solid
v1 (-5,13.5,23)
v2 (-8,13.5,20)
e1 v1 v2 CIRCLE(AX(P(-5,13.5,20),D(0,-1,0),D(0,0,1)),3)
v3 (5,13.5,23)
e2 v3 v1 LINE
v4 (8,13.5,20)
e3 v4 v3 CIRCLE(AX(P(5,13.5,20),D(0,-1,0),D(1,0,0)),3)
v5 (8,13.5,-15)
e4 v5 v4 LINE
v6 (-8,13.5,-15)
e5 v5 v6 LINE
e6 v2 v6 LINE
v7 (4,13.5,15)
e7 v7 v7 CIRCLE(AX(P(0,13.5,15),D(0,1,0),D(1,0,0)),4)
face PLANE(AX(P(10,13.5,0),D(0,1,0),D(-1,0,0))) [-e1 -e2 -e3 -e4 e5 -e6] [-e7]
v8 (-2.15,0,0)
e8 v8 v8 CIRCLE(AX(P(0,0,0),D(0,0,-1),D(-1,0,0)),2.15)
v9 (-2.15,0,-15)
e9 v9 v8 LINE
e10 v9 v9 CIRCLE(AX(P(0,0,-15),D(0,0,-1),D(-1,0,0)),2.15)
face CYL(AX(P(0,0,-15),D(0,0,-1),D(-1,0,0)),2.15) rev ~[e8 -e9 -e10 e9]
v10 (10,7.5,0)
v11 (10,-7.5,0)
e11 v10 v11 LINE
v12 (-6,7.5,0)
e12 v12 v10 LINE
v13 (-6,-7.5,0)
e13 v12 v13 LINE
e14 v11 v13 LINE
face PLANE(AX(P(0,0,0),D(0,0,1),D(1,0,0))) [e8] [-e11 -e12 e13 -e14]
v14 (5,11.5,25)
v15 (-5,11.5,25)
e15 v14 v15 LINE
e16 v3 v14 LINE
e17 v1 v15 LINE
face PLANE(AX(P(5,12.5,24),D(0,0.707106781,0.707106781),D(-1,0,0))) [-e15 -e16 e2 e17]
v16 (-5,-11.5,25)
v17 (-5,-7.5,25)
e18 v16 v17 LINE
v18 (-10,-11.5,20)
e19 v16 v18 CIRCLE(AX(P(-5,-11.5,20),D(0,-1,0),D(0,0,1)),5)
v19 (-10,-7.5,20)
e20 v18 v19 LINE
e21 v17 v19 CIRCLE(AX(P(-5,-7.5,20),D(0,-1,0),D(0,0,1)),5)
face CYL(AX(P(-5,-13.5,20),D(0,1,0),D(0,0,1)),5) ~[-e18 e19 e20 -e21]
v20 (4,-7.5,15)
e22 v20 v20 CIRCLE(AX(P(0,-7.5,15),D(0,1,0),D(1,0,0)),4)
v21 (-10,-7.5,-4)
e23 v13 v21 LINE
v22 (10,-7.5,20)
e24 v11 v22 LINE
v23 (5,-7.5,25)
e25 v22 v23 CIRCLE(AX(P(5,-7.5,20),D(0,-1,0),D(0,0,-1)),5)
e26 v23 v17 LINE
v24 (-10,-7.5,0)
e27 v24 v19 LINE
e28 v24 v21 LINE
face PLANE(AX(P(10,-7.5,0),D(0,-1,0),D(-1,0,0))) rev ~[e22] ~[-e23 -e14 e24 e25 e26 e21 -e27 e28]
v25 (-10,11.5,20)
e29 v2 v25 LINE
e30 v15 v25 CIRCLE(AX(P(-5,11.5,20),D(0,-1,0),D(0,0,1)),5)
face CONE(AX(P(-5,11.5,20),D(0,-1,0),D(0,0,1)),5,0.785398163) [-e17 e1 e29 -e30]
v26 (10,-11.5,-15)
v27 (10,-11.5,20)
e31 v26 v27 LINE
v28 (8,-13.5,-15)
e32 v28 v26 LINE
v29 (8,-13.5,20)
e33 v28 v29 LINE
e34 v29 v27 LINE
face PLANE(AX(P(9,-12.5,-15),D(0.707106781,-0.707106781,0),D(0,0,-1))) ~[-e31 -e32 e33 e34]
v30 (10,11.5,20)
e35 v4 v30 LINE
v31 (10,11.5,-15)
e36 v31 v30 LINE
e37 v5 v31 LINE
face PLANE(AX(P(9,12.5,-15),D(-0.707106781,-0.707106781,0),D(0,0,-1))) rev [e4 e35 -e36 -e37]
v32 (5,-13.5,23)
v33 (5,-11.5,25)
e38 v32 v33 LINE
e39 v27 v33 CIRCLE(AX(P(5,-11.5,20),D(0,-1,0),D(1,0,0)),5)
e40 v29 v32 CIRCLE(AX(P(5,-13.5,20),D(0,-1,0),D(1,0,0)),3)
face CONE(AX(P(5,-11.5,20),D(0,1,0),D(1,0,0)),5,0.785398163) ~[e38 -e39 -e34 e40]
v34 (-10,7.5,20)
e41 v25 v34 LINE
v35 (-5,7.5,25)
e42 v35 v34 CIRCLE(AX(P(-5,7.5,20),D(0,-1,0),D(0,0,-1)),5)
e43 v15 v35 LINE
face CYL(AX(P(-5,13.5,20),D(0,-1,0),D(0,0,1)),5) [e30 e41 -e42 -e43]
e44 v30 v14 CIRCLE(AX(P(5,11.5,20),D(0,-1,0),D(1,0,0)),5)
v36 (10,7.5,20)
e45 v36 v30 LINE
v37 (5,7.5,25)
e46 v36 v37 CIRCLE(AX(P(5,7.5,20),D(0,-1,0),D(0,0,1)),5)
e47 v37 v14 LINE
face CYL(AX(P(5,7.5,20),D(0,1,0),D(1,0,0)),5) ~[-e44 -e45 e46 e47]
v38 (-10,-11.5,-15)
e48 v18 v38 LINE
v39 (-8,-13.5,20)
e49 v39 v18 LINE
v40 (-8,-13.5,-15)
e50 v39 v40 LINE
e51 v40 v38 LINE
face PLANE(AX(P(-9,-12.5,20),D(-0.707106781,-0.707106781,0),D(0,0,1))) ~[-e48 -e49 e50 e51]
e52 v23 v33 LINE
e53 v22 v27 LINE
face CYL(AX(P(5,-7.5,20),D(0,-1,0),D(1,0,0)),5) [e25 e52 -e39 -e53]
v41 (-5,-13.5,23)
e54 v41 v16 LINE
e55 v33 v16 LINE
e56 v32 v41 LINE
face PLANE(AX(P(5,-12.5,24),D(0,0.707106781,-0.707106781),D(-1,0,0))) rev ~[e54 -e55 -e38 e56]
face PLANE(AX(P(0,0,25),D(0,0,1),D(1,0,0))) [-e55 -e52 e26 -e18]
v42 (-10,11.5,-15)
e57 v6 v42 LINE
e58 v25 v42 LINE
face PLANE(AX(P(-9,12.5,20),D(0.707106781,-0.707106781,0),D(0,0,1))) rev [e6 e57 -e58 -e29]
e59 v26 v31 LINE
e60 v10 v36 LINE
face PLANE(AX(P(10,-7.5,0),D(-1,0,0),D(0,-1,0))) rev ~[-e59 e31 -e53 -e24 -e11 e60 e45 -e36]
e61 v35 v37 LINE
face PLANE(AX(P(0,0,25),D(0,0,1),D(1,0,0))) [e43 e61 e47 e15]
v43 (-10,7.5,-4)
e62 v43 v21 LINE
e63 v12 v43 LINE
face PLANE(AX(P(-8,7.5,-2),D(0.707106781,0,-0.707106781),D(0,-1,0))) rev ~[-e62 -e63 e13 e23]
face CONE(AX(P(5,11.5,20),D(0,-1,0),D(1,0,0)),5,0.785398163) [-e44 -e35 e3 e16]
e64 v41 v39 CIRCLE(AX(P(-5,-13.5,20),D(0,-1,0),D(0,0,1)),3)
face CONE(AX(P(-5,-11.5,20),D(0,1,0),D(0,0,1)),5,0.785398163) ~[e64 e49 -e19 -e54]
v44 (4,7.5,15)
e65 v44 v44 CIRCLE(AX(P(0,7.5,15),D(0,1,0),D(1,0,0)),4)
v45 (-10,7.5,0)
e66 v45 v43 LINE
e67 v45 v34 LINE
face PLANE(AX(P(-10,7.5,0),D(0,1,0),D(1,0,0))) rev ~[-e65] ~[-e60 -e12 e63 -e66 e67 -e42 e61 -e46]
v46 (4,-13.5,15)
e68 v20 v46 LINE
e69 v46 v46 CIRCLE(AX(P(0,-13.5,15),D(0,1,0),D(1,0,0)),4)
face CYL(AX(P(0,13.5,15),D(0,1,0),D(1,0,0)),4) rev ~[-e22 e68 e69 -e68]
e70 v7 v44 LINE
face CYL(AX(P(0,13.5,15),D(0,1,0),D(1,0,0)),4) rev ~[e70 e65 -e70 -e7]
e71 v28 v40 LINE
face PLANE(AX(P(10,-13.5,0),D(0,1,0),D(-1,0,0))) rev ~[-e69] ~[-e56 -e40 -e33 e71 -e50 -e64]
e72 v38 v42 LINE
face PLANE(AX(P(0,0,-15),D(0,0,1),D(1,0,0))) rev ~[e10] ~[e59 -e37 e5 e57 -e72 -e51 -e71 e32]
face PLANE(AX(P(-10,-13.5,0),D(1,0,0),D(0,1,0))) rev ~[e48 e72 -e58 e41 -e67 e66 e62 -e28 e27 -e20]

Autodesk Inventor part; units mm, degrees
ref_plane "YZ Plane" through (0, 0, 0) normal (1, 0, 0) x (0, 1, 0)
ref_plane "XZ Plane" through (0, 0, 0) normal (0, 1, 0) x (-1, 0, 0)
ref_plane "XY Plane" through (0, 0, 0) normal (0, 0, 1) x (1, 0, 0)
sketch "Sketch1" plane through (0, 0, 0) normal (0, 0, 1) x (1, 0, 0)
  line L0 (10, -7.5) -> (-10, -7.5)
  line L1 (-10, -7.5) -> (-10, 7.5)
  line L2 (-10, 7.5) -> (10, 7.5)
  line L3 (10, 7.5) -> (10, -7.5)
  line L4 (10, -7.5) -> (-10, 7.5) construction
  line L5 (-10, -7.5) -> (10, 7.5) construction
  line L6 (-10, 7.5) -> (10, 7.5)
  line L7 (10, 7.5) -> (10, 13.5)
  line L8 (10, 13.5) -> (-10, 13.5)
  line L9 (-10, 13.5) -> (-10, 7.5)
  line L10 (-10, -7.5) -> (10, -7.5)
  line L11 (10, -7.5) -> (10, -13.5)
  line L12 (10, -13.5) -> (-10, -13.5)
  line L13 (-10, -13.5) -> (-10, -7.5)
  point P0 (0, 0)
  dimension "d0" = 15
  dimension "d1" = 20
  dimension "d2" = 6
extrude "Extrusion1" add sketch "Sketch1" against normal blind 15
extrude "Extrusion2" add sketch "Sketch1" along normal blind 25 contours L11 L12 L13 L0 | L2 L9 L8 L7
sketch "Sketch2" plane through (-10, 13.5, -15) normal (0, 1, 0) x (1, 0, 0)
  line L0 (20, -15) -> (0, -15) projected
  line L1 (20, -40) -> (0, -40) construction
  line L2 (10, -40) -> (10, -30) construction
  circle A0 centre (10, -30) radius 4
  point P0 (10, -15)
  dimension "d7" = 8
  dimension "d8" = 10
extrude "Extrusion3" cut sketch "Sketch2" against normal through all
fillet "Fillet1" radius 5 4 edges at (-10, 10.5, 25) (10, 10.5, 25) (-10, -10.5, 25) (10, -10.5, 25)
sketch "Sketch3" plane through (0, 0, -15) normal (0, 0, -1) x (-1, 0, 0)
  circle A0 centre (0, 0) radius 2.15
  dimension "d12" = 4.3
extrude "Extrusion4" cut sketch "Sketch3" against normal through all
chamfer "Chamfer1" distance 2 angle 45 6 edges at (8.5355, 13.5, 23.5355) (0, 13.5, 25) (-8.5355, 13.5, 23.5355) (8.5355, -13.5, 23.5355) (0, -13.5, 25) (-8.5355, -13.5, 23.5355)
chamfer "Chamfer2" distance 4 angle 45 1 edges at (-10, 0, 0)
properties part number "cylinder clevis"
